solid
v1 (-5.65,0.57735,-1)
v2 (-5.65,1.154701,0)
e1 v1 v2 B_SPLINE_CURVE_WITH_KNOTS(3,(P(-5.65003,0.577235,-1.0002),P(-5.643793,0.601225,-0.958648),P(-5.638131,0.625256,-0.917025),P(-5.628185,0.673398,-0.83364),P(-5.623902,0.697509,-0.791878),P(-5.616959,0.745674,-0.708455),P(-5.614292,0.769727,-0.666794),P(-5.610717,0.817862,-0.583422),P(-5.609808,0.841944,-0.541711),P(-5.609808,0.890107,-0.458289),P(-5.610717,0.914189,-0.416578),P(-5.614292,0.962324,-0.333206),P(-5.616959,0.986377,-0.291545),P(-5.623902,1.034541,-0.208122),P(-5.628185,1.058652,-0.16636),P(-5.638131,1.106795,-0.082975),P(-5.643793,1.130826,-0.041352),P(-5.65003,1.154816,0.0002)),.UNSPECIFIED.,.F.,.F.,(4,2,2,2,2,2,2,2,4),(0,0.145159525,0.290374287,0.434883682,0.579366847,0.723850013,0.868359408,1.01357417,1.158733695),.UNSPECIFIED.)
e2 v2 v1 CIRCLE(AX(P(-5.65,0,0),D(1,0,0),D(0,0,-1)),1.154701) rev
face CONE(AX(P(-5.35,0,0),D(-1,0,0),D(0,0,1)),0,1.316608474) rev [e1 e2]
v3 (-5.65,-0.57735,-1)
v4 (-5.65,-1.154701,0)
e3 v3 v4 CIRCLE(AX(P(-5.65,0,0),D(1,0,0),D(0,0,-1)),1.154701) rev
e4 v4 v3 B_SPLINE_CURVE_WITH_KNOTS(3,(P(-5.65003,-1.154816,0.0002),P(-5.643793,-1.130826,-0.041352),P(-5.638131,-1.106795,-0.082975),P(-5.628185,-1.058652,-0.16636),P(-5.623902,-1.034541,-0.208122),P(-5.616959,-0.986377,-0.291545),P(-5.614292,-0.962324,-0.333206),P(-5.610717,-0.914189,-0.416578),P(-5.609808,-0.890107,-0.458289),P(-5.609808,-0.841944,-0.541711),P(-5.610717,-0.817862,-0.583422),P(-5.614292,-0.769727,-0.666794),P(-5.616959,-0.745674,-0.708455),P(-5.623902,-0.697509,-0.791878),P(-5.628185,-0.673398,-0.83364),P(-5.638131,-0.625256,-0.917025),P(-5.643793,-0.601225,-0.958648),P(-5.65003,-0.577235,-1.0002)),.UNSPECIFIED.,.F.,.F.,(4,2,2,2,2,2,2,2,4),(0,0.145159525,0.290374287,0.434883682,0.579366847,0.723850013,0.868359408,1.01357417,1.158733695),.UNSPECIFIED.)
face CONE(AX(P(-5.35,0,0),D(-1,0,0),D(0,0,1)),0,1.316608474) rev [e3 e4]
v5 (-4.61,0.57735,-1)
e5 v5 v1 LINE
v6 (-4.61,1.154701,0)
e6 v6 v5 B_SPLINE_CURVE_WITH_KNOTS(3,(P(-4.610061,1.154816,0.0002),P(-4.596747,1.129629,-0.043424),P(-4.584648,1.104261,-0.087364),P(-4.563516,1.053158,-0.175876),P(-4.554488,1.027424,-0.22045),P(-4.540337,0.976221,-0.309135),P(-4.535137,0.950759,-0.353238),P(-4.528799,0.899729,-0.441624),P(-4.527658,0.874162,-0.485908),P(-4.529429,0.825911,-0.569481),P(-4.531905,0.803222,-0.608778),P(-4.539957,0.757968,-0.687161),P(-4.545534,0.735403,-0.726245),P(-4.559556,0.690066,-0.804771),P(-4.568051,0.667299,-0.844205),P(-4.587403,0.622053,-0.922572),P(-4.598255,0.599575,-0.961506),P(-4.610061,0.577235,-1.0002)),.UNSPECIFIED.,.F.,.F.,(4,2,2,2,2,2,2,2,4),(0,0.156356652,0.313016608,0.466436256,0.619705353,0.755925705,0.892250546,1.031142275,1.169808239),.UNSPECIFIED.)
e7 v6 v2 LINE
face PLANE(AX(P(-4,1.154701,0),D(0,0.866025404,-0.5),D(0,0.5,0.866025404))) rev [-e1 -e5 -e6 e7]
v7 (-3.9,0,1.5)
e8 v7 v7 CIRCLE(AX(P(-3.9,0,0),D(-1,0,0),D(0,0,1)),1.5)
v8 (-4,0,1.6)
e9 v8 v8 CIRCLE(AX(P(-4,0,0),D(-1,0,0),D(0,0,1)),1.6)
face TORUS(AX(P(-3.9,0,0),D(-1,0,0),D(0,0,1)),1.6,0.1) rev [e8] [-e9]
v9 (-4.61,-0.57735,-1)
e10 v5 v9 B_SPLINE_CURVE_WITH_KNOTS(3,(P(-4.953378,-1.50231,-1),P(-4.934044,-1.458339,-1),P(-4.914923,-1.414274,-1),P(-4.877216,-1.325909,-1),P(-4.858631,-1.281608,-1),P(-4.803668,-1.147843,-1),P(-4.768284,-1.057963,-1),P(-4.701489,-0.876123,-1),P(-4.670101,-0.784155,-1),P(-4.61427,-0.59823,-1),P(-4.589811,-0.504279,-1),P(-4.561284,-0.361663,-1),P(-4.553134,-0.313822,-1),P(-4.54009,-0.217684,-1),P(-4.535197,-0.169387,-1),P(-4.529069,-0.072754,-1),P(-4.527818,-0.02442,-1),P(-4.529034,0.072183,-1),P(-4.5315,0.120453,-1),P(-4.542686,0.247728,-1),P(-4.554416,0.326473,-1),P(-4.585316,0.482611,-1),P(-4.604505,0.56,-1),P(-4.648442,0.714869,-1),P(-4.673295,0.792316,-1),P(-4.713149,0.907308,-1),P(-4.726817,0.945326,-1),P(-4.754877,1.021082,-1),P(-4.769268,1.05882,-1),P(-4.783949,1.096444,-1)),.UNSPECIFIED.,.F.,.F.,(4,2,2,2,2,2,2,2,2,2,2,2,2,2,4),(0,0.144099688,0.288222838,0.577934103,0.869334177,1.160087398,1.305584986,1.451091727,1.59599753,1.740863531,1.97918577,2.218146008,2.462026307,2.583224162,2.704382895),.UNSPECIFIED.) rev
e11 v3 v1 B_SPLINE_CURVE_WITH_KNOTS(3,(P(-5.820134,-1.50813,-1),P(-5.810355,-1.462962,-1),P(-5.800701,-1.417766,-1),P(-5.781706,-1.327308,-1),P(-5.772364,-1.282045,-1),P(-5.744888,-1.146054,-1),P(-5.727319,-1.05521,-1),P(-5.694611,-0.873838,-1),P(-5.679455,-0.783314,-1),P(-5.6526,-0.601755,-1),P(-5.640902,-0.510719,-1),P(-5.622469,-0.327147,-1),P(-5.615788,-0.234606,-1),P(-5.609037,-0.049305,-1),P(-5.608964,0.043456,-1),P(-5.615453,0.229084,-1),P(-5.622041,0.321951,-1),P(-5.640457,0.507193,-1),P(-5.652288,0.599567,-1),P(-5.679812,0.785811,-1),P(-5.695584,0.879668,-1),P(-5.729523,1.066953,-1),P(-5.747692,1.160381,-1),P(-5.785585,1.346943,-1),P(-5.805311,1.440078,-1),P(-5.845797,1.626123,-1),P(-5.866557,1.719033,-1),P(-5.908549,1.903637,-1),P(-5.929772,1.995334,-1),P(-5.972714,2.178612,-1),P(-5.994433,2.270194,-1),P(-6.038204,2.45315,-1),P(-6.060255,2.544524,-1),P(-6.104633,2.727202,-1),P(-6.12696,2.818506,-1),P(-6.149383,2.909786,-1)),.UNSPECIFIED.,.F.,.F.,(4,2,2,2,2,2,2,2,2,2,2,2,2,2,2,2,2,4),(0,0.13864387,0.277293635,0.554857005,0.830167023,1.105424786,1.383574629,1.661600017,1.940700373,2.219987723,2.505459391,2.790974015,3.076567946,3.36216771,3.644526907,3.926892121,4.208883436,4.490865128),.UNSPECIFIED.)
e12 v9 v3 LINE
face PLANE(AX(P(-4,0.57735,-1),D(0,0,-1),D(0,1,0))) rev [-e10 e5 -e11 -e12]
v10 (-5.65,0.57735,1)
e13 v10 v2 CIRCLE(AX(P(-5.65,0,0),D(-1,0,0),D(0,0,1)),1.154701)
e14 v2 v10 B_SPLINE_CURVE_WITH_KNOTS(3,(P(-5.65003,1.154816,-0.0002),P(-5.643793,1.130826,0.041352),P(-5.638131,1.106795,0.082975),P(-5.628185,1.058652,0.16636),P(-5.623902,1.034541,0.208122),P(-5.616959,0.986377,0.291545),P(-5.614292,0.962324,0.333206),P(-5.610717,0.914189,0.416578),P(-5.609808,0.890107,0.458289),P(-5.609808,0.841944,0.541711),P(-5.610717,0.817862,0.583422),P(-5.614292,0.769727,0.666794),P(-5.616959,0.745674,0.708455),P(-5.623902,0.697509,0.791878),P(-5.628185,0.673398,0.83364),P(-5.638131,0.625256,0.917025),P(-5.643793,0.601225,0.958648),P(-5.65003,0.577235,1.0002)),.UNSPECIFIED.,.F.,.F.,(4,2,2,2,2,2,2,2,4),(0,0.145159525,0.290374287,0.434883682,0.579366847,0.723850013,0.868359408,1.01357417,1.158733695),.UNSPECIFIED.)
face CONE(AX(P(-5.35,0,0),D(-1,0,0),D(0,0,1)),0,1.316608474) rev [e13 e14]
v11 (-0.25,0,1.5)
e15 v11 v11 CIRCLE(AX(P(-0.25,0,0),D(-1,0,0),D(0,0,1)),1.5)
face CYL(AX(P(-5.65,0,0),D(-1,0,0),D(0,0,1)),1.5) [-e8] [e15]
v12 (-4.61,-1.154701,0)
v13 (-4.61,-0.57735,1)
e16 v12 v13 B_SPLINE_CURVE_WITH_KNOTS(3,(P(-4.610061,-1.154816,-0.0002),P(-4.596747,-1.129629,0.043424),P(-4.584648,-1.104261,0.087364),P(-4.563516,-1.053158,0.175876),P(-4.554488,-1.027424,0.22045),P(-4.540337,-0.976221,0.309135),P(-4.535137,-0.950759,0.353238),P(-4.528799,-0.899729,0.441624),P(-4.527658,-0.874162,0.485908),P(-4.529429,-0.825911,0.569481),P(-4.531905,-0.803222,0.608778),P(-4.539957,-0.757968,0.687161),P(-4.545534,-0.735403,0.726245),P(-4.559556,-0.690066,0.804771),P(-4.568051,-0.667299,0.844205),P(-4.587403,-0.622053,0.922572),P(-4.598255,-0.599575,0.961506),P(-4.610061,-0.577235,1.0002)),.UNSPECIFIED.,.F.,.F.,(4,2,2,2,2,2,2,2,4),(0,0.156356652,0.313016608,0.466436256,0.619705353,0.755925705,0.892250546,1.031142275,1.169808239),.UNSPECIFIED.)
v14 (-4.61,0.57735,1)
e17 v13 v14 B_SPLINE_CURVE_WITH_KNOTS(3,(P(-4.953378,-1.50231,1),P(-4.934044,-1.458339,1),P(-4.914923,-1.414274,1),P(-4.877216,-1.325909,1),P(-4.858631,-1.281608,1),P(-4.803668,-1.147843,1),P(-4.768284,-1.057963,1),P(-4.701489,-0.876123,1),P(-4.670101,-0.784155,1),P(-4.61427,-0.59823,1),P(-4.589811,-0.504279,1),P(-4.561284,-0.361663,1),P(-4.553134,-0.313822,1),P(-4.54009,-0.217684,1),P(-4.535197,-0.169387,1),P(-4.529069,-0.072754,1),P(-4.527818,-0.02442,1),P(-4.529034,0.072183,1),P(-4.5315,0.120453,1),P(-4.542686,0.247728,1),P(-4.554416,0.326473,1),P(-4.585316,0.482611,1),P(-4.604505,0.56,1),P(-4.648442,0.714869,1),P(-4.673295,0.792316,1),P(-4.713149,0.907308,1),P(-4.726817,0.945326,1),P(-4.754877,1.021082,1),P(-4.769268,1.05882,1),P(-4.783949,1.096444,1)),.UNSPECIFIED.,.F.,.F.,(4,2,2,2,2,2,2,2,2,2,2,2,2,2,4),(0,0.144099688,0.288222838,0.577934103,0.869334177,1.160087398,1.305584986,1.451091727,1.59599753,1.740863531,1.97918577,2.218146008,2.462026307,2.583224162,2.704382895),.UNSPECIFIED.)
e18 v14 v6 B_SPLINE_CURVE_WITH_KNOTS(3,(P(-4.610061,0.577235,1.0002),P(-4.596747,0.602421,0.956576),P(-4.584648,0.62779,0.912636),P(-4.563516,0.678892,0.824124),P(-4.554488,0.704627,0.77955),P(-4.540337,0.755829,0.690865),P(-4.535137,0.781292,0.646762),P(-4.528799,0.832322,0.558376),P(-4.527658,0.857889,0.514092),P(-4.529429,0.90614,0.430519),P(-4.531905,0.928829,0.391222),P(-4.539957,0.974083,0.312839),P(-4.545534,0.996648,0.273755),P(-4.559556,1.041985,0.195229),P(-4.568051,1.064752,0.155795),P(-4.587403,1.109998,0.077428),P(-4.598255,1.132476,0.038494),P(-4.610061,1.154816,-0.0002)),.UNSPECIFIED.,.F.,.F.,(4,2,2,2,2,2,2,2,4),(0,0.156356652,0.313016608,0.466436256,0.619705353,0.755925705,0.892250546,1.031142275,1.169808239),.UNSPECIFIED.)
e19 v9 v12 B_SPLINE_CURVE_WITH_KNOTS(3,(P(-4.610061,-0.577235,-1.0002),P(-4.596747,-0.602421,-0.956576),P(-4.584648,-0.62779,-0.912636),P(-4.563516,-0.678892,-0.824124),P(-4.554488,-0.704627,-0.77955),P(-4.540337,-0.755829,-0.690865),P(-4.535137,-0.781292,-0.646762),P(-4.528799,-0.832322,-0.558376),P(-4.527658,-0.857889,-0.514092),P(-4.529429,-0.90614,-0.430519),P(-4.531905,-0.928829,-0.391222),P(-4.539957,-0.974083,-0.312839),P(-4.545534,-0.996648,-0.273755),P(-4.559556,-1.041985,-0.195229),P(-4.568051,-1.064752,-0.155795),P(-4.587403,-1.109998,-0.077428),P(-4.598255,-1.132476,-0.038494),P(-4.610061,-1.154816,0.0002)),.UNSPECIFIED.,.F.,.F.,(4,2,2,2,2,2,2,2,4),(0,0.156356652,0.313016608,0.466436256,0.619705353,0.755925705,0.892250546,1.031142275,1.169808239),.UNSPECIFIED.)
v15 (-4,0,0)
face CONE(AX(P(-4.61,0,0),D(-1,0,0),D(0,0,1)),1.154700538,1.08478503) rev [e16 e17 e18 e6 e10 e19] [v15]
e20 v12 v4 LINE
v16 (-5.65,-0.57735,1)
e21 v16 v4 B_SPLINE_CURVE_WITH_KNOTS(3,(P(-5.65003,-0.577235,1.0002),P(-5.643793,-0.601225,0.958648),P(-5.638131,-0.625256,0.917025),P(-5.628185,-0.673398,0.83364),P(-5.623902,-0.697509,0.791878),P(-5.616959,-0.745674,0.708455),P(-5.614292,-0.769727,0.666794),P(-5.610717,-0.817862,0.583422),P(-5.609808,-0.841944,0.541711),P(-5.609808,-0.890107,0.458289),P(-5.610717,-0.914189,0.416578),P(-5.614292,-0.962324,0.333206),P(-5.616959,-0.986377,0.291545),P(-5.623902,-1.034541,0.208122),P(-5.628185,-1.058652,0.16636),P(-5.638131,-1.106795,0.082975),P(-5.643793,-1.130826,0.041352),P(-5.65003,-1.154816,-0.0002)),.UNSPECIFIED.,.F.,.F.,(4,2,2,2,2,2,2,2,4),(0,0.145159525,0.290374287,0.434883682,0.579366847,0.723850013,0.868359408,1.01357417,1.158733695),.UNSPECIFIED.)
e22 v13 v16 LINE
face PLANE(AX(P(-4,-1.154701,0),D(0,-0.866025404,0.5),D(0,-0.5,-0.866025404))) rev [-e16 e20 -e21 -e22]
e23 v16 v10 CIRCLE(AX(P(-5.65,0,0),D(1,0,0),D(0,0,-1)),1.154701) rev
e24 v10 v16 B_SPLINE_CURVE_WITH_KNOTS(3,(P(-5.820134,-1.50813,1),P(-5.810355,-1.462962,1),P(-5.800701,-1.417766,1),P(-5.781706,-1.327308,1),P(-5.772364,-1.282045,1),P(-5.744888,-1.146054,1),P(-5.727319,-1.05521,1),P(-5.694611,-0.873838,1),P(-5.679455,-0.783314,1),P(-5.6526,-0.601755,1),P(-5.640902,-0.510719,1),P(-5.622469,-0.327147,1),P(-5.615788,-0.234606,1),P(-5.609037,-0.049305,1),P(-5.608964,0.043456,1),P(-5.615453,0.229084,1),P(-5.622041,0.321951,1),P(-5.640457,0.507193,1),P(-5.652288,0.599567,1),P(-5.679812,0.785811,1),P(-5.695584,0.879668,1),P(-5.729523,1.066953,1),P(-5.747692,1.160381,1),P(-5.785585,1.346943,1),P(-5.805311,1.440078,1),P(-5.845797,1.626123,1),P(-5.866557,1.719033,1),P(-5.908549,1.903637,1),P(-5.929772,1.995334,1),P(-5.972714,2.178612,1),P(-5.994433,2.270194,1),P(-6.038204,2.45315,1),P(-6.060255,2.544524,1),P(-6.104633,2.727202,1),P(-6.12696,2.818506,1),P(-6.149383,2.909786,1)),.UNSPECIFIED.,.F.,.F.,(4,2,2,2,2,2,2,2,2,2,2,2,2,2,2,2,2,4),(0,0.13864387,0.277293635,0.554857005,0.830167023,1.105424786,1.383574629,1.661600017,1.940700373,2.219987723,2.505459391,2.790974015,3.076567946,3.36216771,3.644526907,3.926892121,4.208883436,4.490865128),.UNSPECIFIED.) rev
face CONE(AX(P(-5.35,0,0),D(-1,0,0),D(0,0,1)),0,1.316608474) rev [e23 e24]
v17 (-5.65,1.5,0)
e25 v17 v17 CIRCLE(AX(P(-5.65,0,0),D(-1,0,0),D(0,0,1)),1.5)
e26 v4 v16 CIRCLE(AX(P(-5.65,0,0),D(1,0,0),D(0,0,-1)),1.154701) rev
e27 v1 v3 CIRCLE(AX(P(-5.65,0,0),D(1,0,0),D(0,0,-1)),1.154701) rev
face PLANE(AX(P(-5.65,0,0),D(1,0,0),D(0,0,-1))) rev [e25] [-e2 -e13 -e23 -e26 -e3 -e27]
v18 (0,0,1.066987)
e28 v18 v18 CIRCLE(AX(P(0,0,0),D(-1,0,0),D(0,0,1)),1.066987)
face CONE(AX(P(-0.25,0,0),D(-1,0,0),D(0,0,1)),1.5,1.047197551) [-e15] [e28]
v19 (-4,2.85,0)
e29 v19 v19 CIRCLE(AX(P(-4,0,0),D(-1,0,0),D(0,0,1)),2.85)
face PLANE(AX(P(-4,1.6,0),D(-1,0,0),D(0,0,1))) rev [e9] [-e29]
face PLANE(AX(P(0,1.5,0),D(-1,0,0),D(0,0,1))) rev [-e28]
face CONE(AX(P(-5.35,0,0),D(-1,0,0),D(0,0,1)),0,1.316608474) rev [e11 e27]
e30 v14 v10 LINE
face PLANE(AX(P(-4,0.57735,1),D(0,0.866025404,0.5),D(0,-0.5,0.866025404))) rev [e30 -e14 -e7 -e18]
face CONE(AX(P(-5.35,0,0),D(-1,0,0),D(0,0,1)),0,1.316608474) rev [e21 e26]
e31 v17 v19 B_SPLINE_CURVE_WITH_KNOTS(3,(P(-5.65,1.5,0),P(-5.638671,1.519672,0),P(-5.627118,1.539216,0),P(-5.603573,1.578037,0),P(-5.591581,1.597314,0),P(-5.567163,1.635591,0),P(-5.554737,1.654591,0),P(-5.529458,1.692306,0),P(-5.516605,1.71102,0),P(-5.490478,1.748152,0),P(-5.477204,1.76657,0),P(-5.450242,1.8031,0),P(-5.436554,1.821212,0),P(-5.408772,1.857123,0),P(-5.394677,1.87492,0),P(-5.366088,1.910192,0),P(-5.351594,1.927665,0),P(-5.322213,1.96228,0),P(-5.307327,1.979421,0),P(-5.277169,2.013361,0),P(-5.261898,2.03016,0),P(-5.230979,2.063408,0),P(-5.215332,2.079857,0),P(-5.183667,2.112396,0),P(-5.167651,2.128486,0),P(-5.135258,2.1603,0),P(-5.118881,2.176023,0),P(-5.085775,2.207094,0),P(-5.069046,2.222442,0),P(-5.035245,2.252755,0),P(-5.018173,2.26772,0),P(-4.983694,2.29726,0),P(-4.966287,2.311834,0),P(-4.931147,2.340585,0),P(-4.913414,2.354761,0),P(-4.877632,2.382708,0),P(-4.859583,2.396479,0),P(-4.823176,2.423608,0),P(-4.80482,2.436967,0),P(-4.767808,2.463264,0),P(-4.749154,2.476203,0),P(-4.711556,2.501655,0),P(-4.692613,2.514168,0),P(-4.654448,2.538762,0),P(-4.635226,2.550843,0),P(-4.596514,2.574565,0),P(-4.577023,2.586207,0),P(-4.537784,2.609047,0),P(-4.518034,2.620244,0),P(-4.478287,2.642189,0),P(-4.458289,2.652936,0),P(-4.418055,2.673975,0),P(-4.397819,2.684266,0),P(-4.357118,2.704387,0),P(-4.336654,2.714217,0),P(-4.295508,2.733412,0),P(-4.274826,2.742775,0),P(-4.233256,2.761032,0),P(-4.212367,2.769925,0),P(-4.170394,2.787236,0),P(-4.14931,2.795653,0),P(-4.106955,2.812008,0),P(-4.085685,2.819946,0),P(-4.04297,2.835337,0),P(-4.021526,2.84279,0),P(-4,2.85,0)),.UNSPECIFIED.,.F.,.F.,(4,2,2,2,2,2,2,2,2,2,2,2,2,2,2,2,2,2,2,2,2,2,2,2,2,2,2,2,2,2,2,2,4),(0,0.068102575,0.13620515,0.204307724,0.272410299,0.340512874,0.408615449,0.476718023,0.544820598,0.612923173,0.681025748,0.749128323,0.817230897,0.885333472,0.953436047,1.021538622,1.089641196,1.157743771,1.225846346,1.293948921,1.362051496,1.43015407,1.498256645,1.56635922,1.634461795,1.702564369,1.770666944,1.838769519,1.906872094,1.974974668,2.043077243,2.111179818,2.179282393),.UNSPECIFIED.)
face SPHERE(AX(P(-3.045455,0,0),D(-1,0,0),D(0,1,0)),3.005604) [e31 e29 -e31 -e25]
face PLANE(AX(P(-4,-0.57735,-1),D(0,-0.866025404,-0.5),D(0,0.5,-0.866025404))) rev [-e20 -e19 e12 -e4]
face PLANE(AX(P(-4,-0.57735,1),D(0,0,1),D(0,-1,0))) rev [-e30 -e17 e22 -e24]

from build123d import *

# Parameters (mm, degrees)
CUT_EXTRUDE_1_DEPTH = 1.65


with BuildPart() as part:
    # 草图1 → 旋转1 (revolve)
    with BuildSketch(Plane.XY):
        with BuildLine():
            Line((0, 1.5), (-3.9, 1.5))
            ThreePointArc((-3.9, 1.5), (-3.970710678, 1.529289322), (-4, 1.6))
            Line((-4, 1.6), (-4, 2.85))
            ThreePointArc((-4, 2.85), (-4.948716751, 2.326209363), (-5.65, 1.5))
            Line((-5.65, 1.5), (-5.65, 0))
            Line((-5.65, 0), (0, 0))
            Line((0, 0), (0, 1.5))
        make_face()
    revolve(axis=Axis((-5.65, 0, 0), (1, 0, 0)))

    # 草图2 → 切除-拉伸1 (cut)
    with BuildSketch(Plane.ZY.offset(5.65)):
        Polygon((0, 1.154700538), (-1, 0.577350269), (-1, -0.577350269), (0, -1.154700538), (1, -0.577350269), (1, 0.577350269), align=None)
    extrude(amount=-CUT_EXTRUDE_1_DEPTH, mode=Mode.SUBTRACT)

    # 草图6 → 旋转2 (revolve)
    with BuildSketch(Plane.XY):
        Polygon((-4.61, 1.154700538), (-4, 0), (-3.7, 0), (-3.7, 1.154700538), align=None)
    revolve(axis=Axis((-5.65, 0, 0), (1, 0, 0)))

    # 草图7 → 切除-旋转5 (revolve, cut)
    with BuildSketch(Plane.XY):
        Polygon((-5.65, 1.154700538), (-5.35, 0), (-5.65, 0), align=None)
    revolve(axis=Axis((-5.65, 0, 0), (1, 0, 0)), mode=Mode.SUBTRACT)

    # 草图4 → 切除-旋转1 (revolve, cut)
    with BuildSketch(Plane.XY):
        Polygon((-0.25, 1.5), (0, 1.066987298), (0.25, 1.5), align=None)
    revolve(axis=Axis((-0.25, 0, 0), (1, 0, 0)), mode=Mode.SUBTRACT)


solid = part.part
